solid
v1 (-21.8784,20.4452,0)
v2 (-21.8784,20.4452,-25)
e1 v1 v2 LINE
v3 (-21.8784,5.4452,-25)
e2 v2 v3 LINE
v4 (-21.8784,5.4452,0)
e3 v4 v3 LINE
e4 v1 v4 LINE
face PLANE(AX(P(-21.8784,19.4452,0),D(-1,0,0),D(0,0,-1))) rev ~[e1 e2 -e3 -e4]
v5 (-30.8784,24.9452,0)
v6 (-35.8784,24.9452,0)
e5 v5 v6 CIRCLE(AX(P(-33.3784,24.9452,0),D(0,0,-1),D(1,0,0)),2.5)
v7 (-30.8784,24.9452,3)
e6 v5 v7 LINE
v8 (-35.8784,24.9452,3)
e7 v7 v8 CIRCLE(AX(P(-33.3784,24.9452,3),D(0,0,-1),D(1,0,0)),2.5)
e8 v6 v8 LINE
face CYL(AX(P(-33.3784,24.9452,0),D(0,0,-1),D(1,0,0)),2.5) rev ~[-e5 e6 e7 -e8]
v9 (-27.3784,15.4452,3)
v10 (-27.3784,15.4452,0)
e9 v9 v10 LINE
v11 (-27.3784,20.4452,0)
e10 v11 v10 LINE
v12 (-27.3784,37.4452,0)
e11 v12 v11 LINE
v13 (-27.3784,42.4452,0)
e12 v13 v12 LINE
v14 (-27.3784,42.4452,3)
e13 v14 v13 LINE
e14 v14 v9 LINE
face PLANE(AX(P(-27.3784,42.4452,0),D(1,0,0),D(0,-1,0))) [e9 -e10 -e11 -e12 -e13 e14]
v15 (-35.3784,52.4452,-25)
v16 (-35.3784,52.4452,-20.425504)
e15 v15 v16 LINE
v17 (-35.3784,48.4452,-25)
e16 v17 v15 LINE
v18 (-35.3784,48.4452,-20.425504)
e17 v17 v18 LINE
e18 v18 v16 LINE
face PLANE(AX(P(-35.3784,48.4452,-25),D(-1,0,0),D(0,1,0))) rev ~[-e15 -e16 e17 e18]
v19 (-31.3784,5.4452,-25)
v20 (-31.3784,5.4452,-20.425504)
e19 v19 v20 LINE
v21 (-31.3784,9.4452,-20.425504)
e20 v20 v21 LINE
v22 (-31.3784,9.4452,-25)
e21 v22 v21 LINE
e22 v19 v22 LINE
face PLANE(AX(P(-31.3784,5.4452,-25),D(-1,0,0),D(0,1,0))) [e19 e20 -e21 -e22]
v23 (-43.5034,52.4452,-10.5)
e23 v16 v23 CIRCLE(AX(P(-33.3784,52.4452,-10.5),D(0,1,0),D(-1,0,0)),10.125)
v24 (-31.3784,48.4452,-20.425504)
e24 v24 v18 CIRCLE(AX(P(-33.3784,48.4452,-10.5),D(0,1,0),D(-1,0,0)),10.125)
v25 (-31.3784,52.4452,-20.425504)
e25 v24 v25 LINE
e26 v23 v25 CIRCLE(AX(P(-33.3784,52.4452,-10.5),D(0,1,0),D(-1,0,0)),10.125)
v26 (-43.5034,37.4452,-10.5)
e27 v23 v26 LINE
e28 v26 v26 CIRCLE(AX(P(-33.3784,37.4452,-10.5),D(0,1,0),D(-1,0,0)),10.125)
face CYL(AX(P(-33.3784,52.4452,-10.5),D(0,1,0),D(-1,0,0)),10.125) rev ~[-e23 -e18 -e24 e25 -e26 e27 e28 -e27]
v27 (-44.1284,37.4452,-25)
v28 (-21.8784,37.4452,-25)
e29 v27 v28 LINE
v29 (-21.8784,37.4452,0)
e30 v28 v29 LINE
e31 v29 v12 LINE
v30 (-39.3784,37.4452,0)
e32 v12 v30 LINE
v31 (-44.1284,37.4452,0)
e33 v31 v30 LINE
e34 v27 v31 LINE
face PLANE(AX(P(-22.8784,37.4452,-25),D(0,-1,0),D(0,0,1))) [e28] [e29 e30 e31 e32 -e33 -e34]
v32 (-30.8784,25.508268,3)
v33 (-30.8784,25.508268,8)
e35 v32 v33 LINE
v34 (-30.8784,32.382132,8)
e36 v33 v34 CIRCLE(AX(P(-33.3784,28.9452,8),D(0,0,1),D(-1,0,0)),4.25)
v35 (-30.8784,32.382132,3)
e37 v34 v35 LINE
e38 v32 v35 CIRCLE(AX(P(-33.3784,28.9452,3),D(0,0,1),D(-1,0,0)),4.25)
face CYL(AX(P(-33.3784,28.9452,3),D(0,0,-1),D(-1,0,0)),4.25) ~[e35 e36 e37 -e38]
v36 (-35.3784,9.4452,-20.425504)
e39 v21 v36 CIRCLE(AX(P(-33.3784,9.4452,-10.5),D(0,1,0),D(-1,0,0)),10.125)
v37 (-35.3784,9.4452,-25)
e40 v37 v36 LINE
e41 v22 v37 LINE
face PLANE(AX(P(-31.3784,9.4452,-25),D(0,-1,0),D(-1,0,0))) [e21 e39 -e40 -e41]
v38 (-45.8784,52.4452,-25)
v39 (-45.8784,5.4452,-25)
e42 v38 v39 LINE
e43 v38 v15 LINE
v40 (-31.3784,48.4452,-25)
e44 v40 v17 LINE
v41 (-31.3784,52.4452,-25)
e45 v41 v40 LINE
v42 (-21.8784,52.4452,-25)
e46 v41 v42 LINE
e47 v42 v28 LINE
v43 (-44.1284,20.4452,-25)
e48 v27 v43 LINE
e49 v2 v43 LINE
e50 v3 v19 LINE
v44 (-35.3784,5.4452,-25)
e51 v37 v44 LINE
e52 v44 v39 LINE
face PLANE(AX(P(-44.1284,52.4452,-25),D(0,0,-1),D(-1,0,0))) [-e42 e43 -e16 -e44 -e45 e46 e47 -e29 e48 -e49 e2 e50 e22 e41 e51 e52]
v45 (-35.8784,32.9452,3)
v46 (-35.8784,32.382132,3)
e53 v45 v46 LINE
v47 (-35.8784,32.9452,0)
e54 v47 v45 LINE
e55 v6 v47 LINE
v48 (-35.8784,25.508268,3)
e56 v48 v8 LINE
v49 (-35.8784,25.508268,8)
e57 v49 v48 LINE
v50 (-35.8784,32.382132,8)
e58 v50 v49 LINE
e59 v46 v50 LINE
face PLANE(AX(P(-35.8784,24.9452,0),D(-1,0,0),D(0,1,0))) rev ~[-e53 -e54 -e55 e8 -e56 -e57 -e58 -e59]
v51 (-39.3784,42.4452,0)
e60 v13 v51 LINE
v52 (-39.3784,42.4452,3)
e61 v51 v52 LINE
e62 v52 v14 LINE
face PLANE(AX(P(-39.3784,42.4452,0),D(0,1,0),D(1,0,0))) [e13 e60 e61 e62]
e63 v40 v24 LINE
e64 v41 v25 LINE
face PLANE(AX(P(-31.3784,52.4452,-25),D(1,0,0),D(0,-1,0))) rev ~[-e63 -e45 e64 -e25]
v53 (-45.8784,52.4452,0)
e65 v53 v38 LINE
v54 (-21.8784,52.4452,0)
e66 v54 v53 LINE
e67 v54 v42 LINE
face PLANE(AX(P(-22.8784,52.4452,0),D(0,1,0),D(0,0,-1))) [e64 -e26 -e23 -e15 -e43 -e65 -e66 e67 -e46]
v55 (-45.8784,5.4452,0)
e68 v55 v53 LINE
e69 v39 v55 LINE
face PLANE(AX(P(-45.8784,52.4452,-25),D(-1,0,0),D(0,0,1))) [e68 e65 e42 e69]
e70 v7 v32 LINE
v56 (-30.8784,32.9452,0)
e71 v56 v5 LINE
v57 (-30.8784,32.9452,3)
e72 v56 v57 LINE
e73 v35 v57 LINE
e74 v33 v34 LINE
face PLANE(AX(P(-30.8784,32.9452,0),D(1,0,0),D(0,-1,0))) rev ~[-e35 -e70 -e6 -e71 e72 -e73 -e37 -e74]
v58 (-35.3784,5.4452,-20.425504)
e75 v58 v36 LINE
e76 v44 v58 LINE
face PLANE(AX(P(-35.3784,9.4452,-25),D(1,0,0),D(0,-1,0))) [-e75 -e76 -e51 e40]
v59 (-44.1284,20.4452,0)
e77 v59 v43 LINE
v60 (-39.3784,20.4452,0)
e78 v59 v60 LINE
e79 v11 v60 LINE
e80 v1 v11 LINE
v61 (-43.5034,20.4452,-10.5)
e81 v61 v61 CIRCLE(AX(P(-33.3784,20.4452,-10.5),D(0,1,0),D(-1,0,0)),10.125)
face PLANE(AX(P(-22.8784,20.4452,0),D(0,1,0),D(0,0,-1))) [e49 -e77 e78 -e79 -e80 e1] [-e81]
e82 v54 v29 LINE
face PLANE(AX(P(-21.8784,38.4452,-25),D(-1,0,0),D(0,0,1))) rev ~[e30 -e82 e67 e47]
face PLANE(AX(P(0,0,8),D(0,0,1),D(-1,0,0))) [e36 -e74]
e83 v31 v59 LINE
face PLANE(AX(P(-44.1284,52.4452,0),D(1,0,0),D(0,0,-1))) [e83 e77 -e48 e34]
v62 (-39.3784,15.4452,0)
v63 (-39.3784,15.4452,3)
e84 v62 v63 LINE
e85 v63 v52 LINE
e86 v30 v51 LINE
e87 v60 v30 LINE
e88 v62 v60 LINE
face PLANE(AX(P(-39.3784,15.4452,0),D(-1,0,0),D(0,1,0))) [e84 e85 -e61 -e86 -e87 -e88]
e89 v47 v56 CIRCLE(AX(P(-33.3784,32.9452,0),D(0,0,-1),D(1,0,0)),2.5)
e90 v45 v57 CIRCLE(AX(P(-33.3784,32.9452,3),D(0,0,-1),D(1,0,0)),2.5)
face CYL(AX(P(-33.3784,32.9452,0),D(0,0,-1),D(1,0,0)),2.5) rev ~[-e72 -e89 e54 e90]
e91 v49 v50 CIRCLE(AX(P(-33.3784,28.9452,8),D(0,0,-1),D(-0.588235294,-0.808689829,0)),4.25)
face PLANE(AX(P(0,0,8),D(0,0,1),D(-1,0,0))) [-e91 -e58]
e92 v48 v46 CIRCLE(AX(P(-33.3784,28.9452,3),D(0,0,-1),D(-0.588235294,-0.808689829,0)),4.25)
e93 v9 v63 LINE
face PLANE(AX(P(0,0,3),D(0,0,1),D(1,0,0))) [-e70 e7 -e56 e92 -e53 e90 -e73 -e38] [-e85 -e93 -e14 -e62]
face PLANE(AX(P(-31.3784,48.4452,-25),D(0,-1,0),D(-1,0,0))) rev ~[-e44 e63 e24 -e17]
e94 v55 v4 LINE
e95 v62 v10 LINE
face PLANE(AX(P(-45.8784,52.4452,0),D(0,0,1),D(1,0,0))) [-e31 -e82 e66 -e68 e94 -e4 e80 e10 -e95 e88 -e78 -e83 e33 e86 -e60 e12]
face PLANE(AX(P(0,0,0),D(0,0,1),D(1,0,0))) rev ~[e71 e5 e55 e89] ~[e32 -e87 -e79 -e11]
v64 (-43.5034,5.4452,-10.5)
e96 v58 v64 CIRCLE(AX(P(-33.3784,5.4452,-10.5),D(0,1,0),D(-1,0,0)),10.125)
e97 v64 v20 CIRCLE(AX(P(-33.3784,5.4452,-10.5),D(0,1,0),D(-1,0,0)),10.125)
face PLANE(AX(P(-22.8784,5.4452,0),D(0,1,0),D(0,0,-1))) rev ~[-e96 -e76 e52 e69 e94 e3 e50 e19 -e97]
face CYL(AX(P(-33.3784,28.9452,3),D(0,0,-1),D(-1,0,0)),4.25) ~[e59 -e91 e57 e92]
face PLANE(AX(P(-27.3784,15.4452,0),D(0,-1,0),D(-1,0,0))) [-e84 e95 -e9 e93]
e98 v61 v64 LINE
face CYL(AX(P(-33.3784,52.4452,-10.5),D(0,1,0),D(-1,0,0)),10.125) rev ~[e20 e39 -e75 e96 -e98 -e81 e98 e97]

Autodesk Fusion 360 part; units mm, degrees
sketch "Sketch1" plane through (0, 0, 0) normal (0, 0, 1) x (1, 0, 0)
  line L0 (-39.3784, 42.4452) -> (-27.3784, 42.4452)
  line L1 (-27.3784, 42.4452) -> (-27.3784, 15.4452)
  line L2 (-27.3784, 15.4452) -> (-39.3784, 15.4452)
  line L3 (-39.3784, 15.4452) -> (-39.3784, 42.4452)
  dimension "d1" = 12
  dimension "d2" = 27
extrude "Extrude1" add sketch "Sketch1" along normal blind 3
sketch "Sketch2" plane through (0, 0, 3) normal (0, 0, 1) x (-1, 0, 0)
  line L0 (39.3784, -15.4452) -> (27.3784, -15.4452)
  line L1 (27.3784, -15.4452) -> (27.3784, -42.4452)
  line L2 (27.3784, -42.4452) -> (39.3784, -42.4452)
  line L3 (39.3784, -42.4452) -> (39.3784, -15.4452)
  circle A0 centre (33.3784, -28.9452) radius 4.25
  dimension "d5" = 8.5
extrude "Extrude2" add sketch "Sketch2" along normal blind 4.5 contours A0
sketch "Sketch3" plane through (0, 0, 0) normal (0, 0, -1) x (1, 0, 0)
  line L0 (-27.3784, -15.4452) -> (-39.3784, -15.4452)
  line L1 (-39.3784, -15.4452) -> (-39.3784, -42.4452)
  line L2 (-39.3784, -42.4452) -> (-27.3784, -42.4452)
  line L3 (-27.3784, -42.4452) -> (-27.3784, -15.4452)
  line L4 (-33.3784, -15.4452) -> (-30.8784, -15.4452) construction
  line L5 (-30.8784, -15.4452) -> (-35.8784, -15.4452)
  line L6 (-35.8784, -15.4452) -> (-35.8784, -42.4452)
  line L7 (-35.8784, -42.4452) -> (-30.8784, -42.4452)
  line L8 (-30.8784, -42.4452) -> (-30.8784, -15.4452)
  line L9 (-30.8784, -28.9452) -> (-30.8784, -24.9452) construction
  line L10 (-30.8784, -24.9452) -> (-35.8784, -24.9452)
  line L11 (-35.8784, -24.9452) -> (-35.8784, -32.9452)
  line L12 (-35.8784, -32.9452) -> (-30.8784, -32.9452)
  line L13 (-30.8784, -32.9452) -> (-30.8784, -24.9452)
  circle A0 centre (-33.3784, -32.9452) radius 2.5
  circle A1 centre (-33.3784, -24.9452) radius 2.5
  dimension "d8" = 2.5
  dimension "d9" = 5
  dimension "d10" = 4
  dimension "d11" = 8
extrude "Extrude3" cut sketch "Sketch3" against normal blind 15 contours L10 A1 | L10 A1 | L6 L8 L11 L13 A0 A1 | L12 A0 | L12 A0
sketch "Sketch4" plane through (-35.8784, 0, 0) normal (1, 0, 0) x (0, 1, 0)
  line L0 (25.5083, 3) -> (24.9452, 3)
  line L1 (24.9452, 3) -> (24.9452, 0)
  line L2 (24.9452, 0) -> (32.9452, 0)
  line L3 (32.9452, 0) -> (32.9452, 3)
  line L4 (32.9452, 3) -> (32.3821, 3)
  line L5 (32.3821, 3) -> (32.3821, 7.5)
  line L6 (32.3821, 7.5) -> (25.5083, 7.5)
  line L7 (25.5083, 7.5) -> (25.5083, 3)
sketch "Sketch5" plane through (0, 0, 0) normal (0, 0, -1) x (1, 0, 0)
  line L0 (-35.8784, -32.9452) -> (-35.8784, -24.9452)
  arc A0 (-30.8784, -24.9452) -> (-35.8784, -24.9452) centre (-33.3784, -24.9452) ccw
  line L1 (-30.8784, -24.9452) -> (-30.8784, -32.9452)
  arc A1 (-35.8784, -32.9452) -> (-30.8784, -32.9452) centre (-33.3784, -32.9452) ccw
  line L2 (-27.3784, -15.4452) -> (-39.3784, -15.4452)
  line L3 (-39.3784, -15.4452) -> (-39.3784, -42.4452)
  line L4 (-39.3784, -42.4452) -> (-27.3784, -42.4452)
  line L5 (-27.3784, -42.4452) -> (-27.3784, -15.4452)
  line L6 (-39.3784, -42.4452) -> (-27.3784, -42.4452)
  line L7 (-27.3784, -42.4452) -> (-27.3784, -38.4452)
  line L8 (-27.3784, -38.4452) -> (-39.3784, -38.4452)
  line L9 (-39.3784, -38.4452) -> (-39.3784, -42.4452)
  line L10 (-39.3784, -15.4452) -> (-27.3784, -15.4452)
  line L11 (-27.3784, -15.4452) -> (-27.3784, -19.4452)
  line L12 (-27.3784, -19.4452) -> (-39.3784, -19.4452)
  line L13 (-39.3784, -19.4452) -> (-39.3784, -15.4452)
  dimension "d14" = 4
  dimension "d15" = 4
extrude "Extrude4" add sketch "Sketch5" along normal blind 25 contours L2 L3 L5 L10 L11 L12 L13 | L3 L4 L5 L6 L7 L8 L9
sketch "Sketch6" plane through (-27.3784, 0, 0) normal (1, 0, 0) x (0, 1, 0)
  line L0 (42.4452, -25) -> (42.4452, 3)
  line L1 (42.4452, 3) -> (15.4452, 3)
  line L2 (15.4452, 3) -> (15.4452, -25)
  line L3 (15.4452, -25) -> (19.4452, -25)
  line L4 (19.4452, -25) -> (19.4452, 0)
  line L5 (19.4452, 0) -> (38.4452, 0)
  line L6 (38.4452, 0) -> (38.4452, -25)
  line L7 (38.4452, -25) -> (42.4452, -25)
  line L8 (19.4452, 0) -> (15.4452, 0)
  line L9 (38.4452, 0) -> (42.4452, 0)
extrude "Extrude5" add sketch "Sketch6" along normal blind 4 contours L0 L6 L7 L9 | L2 L3 L4 L8
sketch "Sketch7" plane through (-39.3784, 0, 0) normal (-1, 0, 0) x (0, -1, 0)
  line L0 (-15.4452, -25) -> (-15.4452, 3)
  line L1 (-15.4452, 3) -> (-42.4452, 3)
  line L2 (-42.4452, 3) -> (-42.4452, -25)
  line L3 (-42.4452, -25) -> (-38.4452, -25)
  line L4 (-38.4452, -25) -> (-38.4452, 0)
  line L5 (-38.4452, 0) -> (-19.4452, 0)
  line L6 (-19.4452, 0) -> (-19.4452, -25)
  line L7 (-19.4452, -25) -> (-15.4452, -25)
  line L8 (-42.4452, 0) -> (-15.4452, 0)
extrude "Extrude6" add sketch "Sketch7" along normal blind 4 contours L0 L6 L7 L8 | L2 L3 L4 L8
sketch "Sketch8" plane through (0, 15.4452, 0) normal (0, -1, 0) x (1, 0, 0)
  line L0 (-27.3784, 0) -> (-27.3784, 3)
  line L1 (-27.3784, 3) -> (-39.3784, 3)
  line L2 (-39.3784, 3) -> (-39.3784, 0)
  line L3 (-39.3784, 0) -> (-43.3784, 0)
  line L4 (-43.3784, 0) -> (-43.3784, -25)
  line L5 (-43.3784, -25) -> (-23.3784, -25)
  line L6 (-23.3784, -25) -> (-23.3784, 0)
  line L7 (-23.3784, 0) -> (-27.3784, 0)
  line L8 (-39.3784, 0) -> (-27.3784, 0)
extrude "Extrude7" add sketch "Sketch8" along normal blind 11 contours L3 L4 L5 L6 L7 L8
sketch "Sketch9" plane through (0, 42.4452, 0) normal (0, 1, 0) x (-1, 0, 0)
  line L0 (39.3784, 0) -> (39.3784, 3)
  line L1 (39.3784, 3) -> (27.3784, 3)
  line L2 (27.3784, 3) -> (27.3784, 0)
  line L3 (27.3784, 0) -> (23.3784, 0)
  line L4 (23.3784, 0) -> (23.3784, -25)
  line L5 (23.3784, -25) -> (43.3784, -25)
  line L6 (43.3784, -25) -> (43.3784, 0)
  line L7 (43.3784, 0) -> (39.3784, 0)
  line L8 (27.3784, 0) -> (39.3784, 0)
extrude "Extrude8" add sketch "Sketch9" along normal blind 11 contours L3 L4 L5 L6 L7 L8
sketch "Sketch10" plane through (0, 53.4452, 0) normal (0, 1, 0) x (-1, 0, 0)
  line L0 (23.3784, 0) -> (23.3784, -25)
  line L1 (23.3784, -25) -> (43.3784, -25)
  line L2 (43.3784, -25) -> (43.3784, 0)
  line L3 (43.3784, 0) -> (23.3784, 0)
  line L4 (33.3784, 0) -> (33.3784, -10.5) construction
  circle A0 centre (33.3784, -10.5) radius 10
  dimension "d26" = 10.5
  dimension "d27" = 20
extrude "Extrude9" cut sketch "Sketch10" against normal blind 62 contours A0
extrude "Extrude10" add 4 faces at (-23.3784, 48.4452, -3.5) (-23.3784, 9.4452, -7) (-23.3784, 14.4452, -20.1667) (-23.3784, 48.4452, -20.1667) along direction (1, 0, 0) blind 0.5
extrude "Extrude11" add 4 faces at (-43.3784, 43.4452, -3.5) (-43.3784, 48.4452, -20.1667) (-43.3784, 14.4452, -15.3333) (-43.3784, 14.4452, -3.5) along direction (-1, 0, 0) blind 0.5
extrude "Extrude12" add 1 faces at (-33.1293, 38.4452, -23.4907) along direction (0, -1, 0) blind 1
extrude "Extrude13" add 1 faces at (-33.1293, 19.4452, -23.4907) along direction (0, 1, 0) blind 1
extrude "Extrude14" add 1 faces at (-43.8784, 42.7785, -8.3333) along direction (-1, 0, 0) blind 2
extrude "Extrude15" add 1 faces at (-43.8784, 15.1119, -8.3333) along direction (-1, 0, 0) blind 2
extrude "Extrude16" add 1 faces at (-22.8784, 42.7785, -16.6667) along direction (1, 0, 0) blind 2
extrude "Extrude17" add 1 faces at (-22.8784, 15.1119, -8.3333) along direction (1, 0, 0) blind 2
extrude "Extrude18" cut 1 faces at (-33.1293, 4.4452, -23.4907) along direction (0, 1, 0) blind 1
extrude "Extrude19" cut 1 faces at (-33.1293, 53.4452, -23.4907) along direction (0, -1, 0) blind 1
extrude "Extrude20" add 2 faces at (-30.1717, 28.772, 7.5) (-36.576, 27.9712, 7.5) along direction (0, 0, 1) blind 0.5
sketch "Sketch11" plane through (0, 52.4452, 0) normal (0, 1, 0) x (-1, 0, 0)
  line L0 (45.8784, 0) -> (20.8784, 0)
  line L1 (20.8784, 0) -> (20.8784, -25)
  line L2 (20.8784, -25) -> (45.8784, -25)
  line L3 (45.8784, -25) -> (45.8784, 0)
  circle A0 centre (33.3784, -10.5) radius 10
  line L4 (45.8784, 0) -> (44.1284, 0)
  line L5 (44.1284, 0) -> (44.1284, -25)
  line L6 (44.1284, -25) -> (45.8784, -25)
  line L7 (45.8784, -25) -> (45.8784, 0)
  dimension "d52" = 1.75
extrude "Extrude21" add sketch "Sketch11" against normal blind 47 contours L0 L2 L3 L4 L5 L6 L7
extrude "Extrude22" cut 2 faces at (-20.8784, 47.4452, -16.6667) (-20.8784, 10.4452, -8.3333) along direction (-1, 0, 0) blind 1
sketch "Sketch12" plane through (0, 52.4452, 0) normal (0, 1, 0) x (-1, 0, 0)
  line L0 (21.8784, 0) -> (21.8784, -25)
  line L1 (21.8784, -25) -> (45.8784, -25)
  line L2 (45.8784, -25) -> (45.8784, 0)
  line L3 (45.8784, 0) -> (21.8784, 0)
  circle A0 centre (33.3784, -10.5) radius 10
  circle A1 centre (33.3784, -10.5) radius 10.125
  dimension "d67" = 20.25
extrude "Extrude25" cut sketch "Sketch12" against normal blind 68 contours A1
sketch "Sketch13" plane through (0, 0, -25) normal (0, 0, -1) x (1, 0, 0)
  line L0 (-21.8784, -52.4452) -> (-21.8784, -37.4452)
  line L1 (-21.8784, -37.4452) -> (-44.1284, -37.4452)
  line L2 (-44.1284, -37.4452) -> (-44.1284, -20.4452)
  line L3 (-44.1284, -20.4452) -> (-21.8784, -20.4452)
  line L4 (-21.8784, -20.4452) -> (-21.8784, -5.4452)
  line L5 (-21.8784, -5.4452) -> (-45.8784, -5.4452)
  line L6 (-45.8784, -5.4452) -> (-45.8784, -52.4452)
  line L7 (-45.8784, -52.4452) -> (-21.8784, -52.4452)
  line L8 (-45.8784, -52.4452) -> (-33.3784, -52.4452) construction
  line L9 (-33.3784, -52.4452) -> (-35.3784, -52.4452) construction
  line L10 (-35.3784, -52.4452) -> (-31.3784, -52.4452)
  line L11 (-31.3784, -52.4452) -> (-31.3784, -48.4452)
  line L12 (-31.3784, -48.4452) -> (-35.3784, -48.4452)
  line L13 (-35.3784, -48.4452) -> (-35.3784, -52.4452)
  dimension "d57" = 12.5
  dimension "d58" = 2
  dimension "d59" = 4
  dimension "d60" = 4
extrude "Extrude23" cut sketch "Sketch13" against normal blind 10 contours L7 L10 L11 L12 L13
sketch "Sketch14" plane through (0, 0, -25) normal (0, 0, -1) x (1, 0, 0)
  line L0 (-35.3784, -52.4452) -> (-35.3784, -48.4452)
  line L1 (-35.3784, -48.4452) -> (-31.3784, -48.4452)
  line L2 (-31.3784, -48.4452) -> (-31.3784, -52.4452)
  line L3 (-31.3784, -52.4452) -> (-21.8784, -52.4452)
  line L4 (-21.8784, -52.4452) -> (-21.8784, -37.4452)
  line L5 (-21.8784, -37.4452) -> (-44.1284, -37.4452)
  line L6 (-44.1284, -37.4452) -> (-44.1284, -20.4452)
  line L7 (-44.1284, -20.4452) -> (-21.8784, -20.4452)
  line L8 (-21.8784, -20.4452) -> (-21.8784, -5.4452)
  line L9 (-21.8784, -5.4452) -> (-45.8784, -5.4452)
  line L10 (-45.8784, -5.4452) -> (-45.8784, -52.4452)
  line L11 (-45.8784, -52.4452) -> (-35.3784, -52.4452)
  line L12 (-35.3784, -48.4452) -> (-35.3784, -5.4452) construction
  line L13 (-35.3784, -5.4452) -> (-31.3784, -5.4452)
  line L14 (-31.3784, -5.4452) -> (-31.3784, -9.4452)
  line L15 (-31.3784, -9.4452) -> (-35.3784, -9.4452)
  line L16 (-35.3784, -9.4452) -> (-35.3784, -5.4452)
  dimension "d63" = 4
  dimension "d64" = 4
extrude "Extrude24" cut sketch "Sketch14" against normal blind 7 contours L9 L13 L14 L15 L16
